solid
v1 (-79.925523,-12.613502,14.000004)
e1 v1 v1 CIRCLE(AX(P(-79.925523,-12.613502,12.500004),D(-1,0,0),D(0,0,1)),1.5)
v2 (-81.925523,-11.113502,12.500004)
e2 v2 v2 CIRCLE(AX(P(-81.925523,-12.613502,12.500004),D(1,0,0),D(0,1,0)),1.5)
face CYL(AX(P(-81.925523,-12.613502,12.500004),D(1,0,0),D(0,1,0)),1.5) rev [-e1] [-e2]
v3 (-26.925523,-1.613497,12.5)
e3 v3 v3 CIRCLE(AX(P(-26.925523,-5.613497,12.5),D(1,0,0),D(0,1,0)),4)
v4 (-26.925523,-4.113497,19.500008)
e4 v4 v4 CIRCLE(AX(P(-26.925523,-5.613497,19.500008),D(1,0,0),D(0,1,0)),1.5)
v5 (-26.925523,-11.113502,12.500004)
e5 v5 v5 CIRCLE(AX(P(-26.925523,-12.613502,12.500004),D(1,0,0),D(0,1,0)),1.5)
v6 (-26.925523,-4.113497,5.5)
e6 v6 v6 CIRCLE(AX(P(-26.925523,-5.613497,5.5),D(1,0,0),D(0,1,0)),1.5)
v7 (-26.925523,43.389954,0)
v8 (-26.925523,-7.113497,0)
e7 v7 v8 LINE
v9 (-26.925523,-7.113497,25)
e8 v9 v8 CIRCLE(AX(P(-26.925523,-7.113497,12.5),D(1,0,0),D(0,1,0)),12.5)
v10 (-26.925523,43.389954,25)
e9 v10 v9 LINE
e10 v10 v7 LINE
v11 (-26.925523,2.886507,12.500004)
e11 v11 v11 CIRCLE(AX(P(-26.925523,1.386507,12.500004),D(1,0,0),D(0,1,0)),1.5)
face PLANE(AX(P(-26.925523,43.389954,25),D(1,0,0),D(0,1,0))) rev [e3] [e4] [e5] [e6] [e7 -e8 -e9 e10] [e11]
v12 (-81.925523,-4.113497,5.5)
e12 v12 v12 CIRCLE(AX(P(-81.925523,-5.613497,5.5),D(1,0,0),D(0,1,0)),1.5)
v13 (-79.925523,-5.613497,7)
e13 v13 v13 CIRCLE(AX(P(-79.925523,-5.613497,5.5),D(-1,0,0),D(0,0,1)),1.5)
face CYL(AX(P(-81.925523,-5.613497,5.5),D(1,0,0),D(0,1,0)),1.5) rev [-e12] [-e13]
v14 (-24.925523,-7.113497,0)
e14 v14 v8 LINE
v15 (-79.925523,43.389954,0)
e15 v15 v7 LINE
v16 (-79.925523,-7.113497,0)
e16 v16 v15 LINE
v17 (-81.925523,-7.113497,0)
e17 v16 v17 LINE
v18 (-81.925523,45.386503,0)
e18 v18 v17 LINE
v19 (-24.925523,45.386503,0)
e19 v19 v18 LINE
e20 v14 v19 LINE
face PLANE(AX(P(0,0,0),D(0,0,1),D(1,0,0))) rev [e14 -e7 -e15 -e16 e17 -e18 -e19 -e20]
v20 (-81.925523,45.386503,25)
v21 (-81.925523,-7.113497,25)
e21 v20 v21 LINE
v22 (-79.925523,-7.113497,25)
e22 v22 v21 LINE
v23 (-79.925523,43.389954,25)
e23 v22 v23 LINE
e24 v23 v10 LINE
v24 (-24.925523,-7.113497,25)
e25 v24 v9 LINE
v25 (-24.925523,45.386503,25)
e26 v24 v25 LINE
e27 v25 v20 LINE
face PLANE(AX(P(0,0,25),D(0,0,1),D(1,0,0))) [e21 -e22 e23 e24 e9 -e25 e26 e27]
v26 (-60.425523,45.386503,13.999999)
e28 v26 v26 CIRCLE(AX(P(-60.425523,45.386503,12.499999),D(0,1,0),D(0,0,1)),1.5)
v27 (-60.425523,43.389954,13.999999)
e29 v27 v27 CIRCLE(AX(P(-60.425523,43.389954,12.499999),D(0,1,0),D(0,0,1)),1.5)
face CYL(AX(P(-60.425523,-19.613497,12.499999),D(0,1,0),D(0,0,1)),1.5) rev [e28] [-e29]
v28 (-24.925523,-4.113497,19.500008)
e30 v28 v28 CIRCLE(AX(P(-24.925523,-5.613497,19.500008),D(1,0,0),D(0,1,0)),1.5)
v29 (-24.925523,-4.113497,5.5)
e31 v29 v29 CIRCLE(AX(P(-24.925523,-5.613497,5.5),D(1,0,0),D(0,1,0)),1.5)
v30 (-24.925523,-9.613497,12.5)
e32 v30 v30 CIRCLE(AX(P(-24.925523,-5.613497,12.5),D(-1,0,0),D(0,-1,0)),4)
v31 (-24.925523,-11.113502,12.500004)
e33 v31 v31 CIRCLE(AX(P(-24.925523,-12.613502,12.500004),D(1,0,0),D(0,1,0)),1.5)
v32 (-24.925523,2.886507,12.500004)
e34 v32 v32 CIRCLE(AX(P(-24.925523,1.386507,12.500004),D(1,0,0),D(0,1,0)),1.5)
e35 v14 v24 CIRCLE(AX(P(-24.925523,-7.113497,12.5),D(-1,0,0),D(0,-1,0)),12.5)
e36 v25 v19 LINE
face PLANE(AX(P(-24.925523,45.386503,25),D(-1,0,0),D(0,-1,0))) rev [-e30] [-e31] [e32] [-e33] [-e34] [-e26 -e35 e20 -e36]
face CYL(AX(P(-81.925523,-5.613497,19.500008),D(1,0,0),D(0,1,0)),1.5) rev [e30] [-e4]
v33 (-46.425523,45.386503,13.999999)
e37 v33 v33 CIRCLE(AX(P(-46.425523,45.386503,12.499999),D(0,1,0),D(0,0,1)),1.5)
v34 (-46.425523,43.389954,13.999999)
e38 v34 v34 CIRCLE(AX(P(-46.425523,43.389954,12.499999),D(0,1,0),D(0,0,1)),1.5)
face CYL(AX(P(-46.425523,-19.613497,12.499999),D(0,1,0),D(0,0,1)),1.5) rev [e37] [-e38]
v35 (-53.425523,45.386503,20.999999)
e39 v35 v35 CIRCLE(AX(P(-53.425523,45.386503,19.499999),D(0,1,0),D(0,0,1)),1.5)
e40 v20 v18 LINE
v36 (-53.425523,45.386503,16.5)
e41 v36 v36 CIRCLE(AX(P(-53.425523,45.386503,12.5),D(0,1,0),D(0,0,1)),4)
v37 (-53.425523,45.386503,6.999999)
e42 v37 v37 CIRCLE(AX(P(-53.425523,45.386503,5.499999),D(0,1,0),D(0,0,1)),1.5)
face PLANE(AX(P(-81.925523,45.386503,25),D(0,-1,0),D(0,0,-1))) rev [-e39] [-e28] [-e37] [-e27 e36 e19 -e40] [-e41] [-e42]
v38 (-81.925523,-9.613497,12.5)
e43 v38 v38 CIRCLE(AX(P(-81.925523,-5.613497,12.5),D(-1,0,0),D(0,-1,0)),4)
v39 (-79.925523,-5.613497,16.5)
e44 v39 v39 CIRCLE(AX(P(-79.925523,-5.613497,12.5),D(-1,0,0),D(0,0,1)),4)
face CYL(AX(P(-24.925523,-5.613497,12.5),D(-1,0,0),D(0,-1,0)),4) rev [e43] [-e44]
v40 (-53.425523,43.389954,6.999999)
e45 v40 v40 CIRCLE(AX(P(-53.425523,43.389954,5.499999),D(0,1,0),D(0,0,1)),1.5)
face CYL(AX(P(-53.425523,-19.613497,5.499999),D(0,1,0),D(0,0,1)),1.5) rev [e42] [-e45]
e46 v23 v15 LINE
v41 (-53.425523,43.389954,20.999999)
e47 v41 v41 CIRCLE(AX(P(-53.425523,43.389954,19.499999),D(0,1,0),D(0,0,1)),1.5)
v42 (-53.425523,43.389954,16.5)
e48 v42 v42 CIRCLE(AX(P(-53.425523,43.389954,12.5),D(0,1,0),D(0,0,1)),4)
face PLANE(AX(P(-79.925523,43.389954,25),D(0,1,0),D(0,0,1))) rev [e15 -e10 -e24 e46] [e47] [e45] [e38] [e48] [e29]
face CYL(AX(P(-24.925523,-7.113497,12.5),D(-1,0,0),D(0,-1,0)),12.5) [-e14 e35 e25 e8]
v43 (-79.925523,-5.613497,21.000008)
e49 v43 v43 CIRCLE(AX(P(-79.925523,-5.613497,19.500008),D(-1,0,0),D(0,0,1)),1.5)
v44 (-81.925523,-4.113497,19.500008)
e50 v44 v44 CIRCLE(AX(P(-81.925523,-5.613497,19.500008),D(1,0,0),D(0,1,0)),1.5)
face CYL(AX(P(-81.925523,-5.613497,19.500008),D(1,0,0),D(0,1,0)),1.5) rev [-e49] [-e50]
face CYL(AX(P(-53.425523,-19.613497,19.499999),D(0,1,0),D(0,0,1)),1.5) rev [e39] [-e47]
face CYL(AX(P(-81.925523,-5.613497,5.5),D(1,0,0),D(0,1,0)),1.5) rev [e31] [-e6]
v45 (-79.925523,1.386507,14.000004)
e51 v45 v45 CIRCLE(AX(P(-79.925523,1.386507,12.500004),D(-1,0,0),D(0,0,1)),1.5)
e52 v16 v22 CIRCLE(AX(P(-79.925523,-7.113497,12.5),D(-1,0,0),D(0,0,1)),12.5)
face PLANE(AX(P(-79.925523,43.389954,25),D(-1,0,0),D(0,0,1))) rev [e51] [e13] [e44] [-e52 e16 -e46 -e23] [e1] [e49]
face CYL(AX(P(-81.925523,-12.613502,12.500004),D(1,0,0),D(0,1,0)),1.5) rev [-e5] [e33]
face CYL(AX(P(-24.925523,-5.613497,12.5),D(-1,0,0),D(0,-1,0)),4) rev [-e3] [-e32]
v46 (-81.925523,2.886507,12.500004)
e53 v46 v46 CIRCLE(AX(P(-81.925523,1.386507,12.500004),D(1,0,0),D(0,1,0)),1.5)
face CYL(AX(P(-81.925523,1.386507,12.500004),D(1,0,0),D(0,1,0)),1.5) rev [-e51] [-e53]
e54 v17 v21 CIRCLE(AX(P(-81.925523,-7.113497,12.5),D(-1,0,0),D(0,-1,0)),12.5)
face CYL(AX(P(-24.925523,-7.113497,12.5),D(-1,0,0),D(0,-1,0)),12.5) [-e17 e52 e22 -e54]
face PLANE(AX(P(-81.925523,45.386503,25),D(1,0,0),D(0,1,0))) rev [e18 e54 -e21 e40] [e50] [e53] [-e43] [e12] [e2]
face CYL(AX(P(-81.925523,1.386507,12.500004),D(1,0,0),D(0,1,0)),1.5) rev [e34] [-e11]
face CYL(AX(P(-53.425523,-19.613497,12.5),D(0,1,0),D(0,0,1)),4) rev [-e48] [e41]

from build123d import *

# Parameters (mm, degrees)
BOSS_EXTRUDE2_DEPTH = 25
SKETCH4_R           = 4
CUT_EXTRUDE1_DEPTH  = 108.5257706
SKETCH6_R           = 4
CUT_EXTRUDE2_DEPTH  = 78.032036302
CUT_EXTRUDE3_DEPTH  = 78.032036302
SKETCH9_R           = 1.5
CUT_EXTRUDE4_DEPTH  = 78.032036302
SKETCH10_R          = 1.5
CUT_EXTRUDE5_DEPTH  = 108.5257706


with BuildPart() as part:
    # Sketch3 → Boss-Extrude2 (new body)
    with BuildSketch(Plane.XY):
        Polygon((-79.925523148, 45.386502584), (-27.042967192, 45.386502584), (-24.925523148, 45.386502584), (-24.925523148, -19.613497416), (-26.925523148, -19.613497416), (-26.925523148, 43.389953837), (-79.925523148, 43.389953837), (-79.925523148, -19.613497416), (-81.925523148, -19.613497416), (-81.925523148, 45.386502584), align=None)
    extrude(amount=BOSS_EXTRUDE2_DEPTH)

    # Sketch4 → Cut-Extrude1 (cut, through all)
    with BuildSketch(Plane(origin=(0, 45.386502584, 0), x_dir=(1, 0, 0), z_dir=(0, 1, 0))):
        with Locations(Location((-53.425523148, -12.5, 0), (0, 0, 270))):
            Circle(SKETCH4_R)
    extrude(amount=-CUT_EXTRUDE1_DEPTH, mode=Mode.SUBTRACT)

    # Sketch6 → Cut-Extrude2 (cut, through all)
    with BuildSketch(Plane.ZY.offset(81.925523148)):
        with Locations(Location((12.5, -5.613497416, 0), (0, 0, 270))):
            Circle(SKETCH6_R)
    extrude(amount=-CUT_EXTRUDE2_DEPTH, mode=Mode.SUBTRACT)

    # Sketch8 → Cut-Extrude3 (cut, through all)
    with BuildSketch(Plane.ZY.offset(81.925523148)):
        with BuildLine():
            Line((0, -19.613497416), (12.5, -19.613497416))
            ThreePointArc((12.5, -19.613497416), (3.661165213, -15.952332159), (0, -7.113497352))
            Line((0, -7.113497352), (0, -19.613497416))
        make_face()
        with BuildLine():
            Line((12.5, -19.613497416), (25, -19.613497416))
            Line((25, -19.613497416), (25, -7.113497416))
            ThreePointArc((25, -7.113497416), (21.338834765, -15.952332181), (12.5, -19.613497416))
        make_face()
    extrude(amount=-CUT_EXTRUDE3_DEPTH, mode=Mode.SUBTRACT)

    # Sketch9 → Cut-Extrude4 (cut, through all)
    with BuildSketch(Plane(origin=(-24.925523148, 0, 0), x_dir=(0, 0, -1), z_dir=(1, 0, 0))):
        with Locations(Location((-12.500004148, -12.613501564, 0), (0, 0, 90))):
            Circle(SKETCH9_R)
        with Locations(Location((-19.500008296, -5.613497416, 0), (0, 0, 90))):
            Circle(SKETCH9_R)
        with Locations(Location((-5.5, -5.613497416, 0), (0, 0, 90))):
            Circle(SKETCH9_R)
        with Locations(Location((-12.500004148, 1.386506731, 0), (0, 0, 90))):
            Circle(SKETCH9_R)
    extrude(amount=-CUT_EXTRUDE4_DEPTH, mode=Mode.SUBTRACT)

    # Sketch10 → Cut-Extrude5 (cut, through all)
    with BuildSketch(Plane(origin=(0, 45.386502584, 0), x_dir=(1, 0, 0), z_dir=(0, 1, 0))):
        with Locations(Location((-46.425523148, -12.499998866, 0), (0, 0, 270))):
            Circle(SKETCH10_R)
        with Locations(Location((-53.425523148, -5.499998866, 0), (0, 0, 270))):
            Circle(SKETCH10_R)
        with Locations(Location((-53.425523148, -19.499998866, 0), (0, 0, 270))):
            Circle(SKETCH10_R)
        with Locations(Location((-60.425523148, -12.499998866, 0), (0, 0, 270))):
            Circle(SKETCH10_R)
    extrude(amount=-CUT_EXTRUDE5_DEPTH, mode=Mode.SUBTRACT)


solid = part.part
